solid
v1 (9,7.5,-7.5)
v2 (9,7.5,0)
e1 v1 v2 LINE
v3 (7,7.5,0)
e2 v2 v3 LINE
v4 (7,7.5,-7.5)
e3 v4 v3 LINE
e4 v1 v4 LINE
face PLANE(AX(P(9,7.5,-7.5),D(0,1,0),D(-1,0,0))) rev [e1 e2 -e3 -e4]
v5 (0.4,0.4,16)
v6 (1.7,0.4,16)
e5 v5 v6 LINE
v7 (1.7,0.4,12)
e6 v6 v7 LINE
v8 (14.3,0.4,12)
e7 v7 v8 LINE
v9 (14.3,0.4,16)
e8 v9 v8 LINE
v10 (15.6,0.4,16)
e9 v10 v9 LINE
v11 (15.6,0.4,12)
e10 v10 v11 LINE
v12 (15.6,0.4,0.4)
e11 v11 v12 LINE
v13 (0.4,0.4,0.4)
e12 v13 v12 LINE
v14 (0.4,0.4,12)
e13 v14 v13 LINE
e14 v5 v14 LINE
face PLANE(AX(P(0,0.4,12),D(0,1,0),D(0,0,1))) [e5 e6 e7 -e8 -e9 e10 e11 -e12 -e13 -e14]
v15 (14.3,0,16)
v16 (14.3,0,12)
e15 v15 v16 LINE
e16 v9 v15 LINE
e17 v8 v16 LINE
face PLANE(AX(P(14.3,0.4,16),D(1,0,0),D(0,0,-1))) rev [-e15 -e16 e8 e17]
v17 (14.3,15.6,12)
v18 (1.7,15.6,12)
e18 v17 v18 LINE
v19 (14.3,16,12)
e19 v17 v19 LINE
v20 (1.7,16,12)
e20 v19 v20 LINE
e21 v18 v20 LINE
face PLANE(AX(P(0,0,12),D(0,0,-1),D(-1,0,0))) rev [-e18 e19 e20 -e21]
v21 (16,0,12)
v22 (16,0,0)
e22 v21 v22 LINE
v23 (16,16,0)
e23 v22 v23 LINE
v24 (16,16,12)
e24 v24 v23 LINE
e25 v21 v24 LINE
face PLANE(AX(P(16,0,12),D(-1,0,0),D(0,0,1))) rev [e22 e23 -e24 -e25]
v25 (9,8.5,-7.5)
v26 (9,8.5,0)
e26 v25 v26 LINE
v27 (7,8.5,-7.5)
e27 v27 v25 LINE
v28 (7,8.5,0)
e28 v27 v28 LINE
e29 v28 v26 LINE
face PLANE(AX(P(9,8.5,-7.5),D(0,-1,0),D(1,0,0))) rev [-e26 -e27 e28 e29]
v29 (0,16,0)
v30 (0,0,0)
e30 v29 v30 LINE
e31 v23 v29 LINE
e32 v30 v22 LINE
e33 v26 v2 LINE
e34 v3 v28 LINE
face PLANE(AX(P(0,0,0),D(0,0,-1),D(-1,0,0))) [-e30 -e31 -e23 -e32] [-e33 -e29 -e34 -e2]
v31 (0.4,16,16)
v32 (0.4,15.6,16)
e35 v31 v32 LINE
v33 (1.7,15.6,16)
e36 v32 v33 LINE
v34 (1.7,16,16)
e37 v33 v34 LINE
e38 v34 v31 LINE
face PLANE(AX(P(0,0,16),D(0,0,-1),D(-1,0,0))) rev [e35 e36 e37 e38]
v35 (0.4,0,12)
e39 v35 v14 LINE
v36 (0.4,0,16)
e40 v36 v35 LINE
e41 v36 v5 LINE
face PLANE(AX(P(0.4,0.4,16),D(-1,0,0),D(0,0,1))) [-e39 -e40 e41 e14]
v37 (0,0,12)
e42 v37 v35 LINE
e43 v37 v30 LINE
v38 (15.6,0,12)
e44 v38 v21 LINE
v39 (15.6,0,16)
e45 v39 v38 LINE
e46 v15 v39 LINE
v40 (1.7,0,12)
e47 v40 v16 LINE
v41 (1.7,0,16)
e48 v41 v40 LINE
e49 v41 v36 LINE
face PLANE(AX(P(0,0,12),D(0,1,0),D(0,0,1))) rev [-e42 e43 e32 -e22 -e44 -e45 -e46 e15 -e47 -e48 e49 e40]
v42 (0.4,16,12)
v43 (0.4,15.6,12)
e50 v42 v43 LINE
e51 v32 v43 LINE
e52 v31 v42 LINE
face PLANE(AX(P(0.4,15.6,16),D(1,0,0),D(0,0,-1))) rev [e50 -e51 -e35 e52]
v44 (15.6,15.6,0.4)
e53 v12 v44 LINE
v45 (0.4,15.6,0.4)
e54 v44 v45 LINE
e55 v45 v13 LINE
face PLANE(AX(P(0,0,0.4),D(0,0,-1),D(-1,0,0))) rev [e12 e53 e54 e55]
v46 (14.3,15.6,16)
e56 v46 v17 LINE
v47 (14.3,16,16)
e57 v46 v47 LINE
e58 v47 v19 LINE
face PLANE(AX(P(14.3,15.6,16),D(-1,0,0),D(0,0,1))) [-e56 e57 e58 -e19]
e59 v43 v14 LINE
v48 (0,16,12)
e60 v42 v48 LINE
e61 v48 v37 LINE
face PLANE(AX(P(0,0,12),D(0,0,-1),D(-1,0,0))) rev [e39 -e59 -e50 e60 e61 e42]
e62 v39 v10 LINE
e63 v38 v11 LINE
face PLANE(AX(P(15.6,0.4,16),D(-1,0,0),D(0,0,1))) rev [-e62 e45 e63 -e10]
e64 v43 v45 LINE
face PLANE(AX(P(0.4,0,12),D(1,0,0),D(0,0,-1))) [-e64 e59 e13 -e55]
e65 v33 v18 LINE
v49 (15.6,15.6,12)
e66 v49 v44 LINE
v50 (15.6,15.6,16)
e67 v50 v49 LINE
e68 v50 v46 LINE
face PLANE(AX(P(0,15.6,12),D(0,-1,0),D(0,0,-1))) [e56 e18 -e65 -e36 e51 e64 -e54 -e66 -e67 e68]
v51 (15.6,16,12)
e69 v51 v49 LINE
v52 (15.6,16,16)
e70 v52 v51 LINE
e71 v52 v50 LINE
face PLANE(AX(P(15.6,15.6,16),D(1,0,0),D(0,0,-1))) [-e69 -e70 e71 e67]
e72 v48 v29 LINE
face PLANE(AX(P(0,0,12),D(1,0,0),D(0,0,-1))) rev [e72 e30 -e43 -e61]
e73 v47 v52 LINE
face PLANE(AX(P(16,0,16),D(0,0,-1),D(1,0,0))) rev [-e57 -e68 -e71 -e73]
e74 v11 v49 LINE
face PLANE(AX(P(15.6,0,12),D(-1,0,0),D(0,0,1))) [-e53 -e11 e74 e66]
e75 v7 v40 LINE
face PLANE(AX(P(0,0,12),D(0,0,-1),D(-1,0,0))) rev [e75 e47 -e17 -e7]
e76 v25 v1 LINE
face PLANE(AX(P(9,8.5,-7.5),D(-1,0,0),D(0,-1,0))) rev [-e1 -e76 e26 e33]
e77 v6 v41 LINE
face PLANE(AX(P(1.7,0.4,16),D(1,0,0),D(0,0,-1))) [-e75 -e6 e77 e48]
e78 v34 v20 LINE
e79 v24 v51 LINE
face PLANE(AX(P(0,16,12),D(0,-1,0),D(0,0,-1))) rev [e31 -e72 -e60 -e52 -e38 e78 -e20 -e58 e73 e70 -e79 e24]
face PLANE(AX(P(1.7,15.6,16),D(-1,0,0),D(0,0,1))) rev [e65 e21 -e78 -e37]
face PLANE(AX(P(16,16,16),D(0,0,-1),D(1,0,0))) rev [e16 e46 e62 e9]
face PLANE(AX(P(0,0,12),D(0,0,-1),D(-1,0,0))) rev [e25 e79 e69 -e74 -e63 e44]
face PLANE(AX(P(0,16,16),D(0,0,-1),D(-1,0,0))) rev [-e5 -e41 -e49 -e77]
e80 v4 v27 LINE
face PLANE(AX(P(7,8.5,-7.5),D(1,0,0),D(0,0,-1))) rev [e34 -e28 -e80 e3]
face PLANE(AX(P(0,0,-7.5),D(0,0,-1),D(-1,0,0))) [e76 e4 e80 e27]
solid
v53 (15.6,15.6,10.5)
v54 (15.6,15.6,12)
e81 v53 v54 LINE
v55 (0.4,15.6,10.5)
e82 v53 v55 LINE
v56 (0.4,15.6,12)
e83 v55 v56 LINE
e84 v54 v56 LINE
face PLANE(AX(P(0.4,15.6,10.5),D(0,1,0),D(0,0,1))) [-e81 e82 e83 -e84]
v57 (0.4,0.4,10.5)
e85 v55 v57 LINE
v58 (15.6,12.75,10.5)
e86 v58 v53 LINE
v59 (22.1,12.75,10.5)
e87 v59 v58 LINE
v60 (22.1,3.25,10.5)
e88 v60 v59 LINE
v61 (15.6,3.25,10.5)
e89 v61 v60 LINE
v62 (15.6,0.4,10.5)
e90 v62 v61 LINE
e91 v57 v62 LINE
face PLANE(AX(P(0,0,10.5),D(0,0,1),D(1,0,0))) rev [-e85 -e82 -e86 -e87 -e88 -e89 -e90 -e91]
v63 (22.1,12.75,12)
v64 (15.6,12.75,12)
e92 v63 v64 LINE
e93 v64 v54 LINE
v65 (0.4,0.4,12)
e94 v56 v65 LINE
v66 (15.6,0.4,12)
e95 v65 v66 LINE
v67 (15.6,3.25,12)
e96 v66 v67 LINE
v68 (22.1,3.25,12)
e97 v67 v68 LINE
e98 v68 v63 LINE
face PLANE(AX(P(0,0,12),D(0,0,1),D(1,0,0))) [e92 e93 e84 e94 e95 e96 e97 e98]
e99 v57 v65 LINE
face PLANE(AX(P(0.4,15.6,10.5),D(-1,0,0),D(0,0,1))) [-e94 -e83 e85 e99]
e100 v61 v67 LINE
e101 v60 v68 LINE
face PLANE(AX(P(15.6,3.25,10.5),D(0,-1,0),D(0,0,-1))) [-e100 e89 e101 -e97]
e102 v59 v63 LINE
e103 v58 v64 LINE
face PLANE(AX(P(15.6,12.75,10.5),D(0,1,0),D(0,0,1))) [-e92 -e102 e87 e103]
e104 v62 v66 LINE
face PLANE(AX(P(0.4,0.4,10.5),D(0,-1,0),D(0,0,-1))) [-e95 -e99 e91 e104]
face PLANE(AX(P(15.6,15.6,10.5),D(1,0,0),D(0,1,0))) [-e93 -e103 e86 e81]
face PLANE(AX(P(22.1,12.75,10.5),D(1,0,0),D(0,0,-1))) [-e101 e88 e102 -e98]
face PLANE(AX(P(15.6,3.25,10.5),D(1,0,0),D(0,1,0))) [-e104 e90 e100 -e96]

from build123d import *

# Parameters (mm, degrees)
SKETCH_1_W               = 16
SKETCH_1_H               = 16
EXTRUDE_1_DEPTH          = 12
SHELL_1_T                = -0.4
SKETCH_2_W               = 1.3
SKETCH_2_H               = 0.4
EXTRUDE_2_DEPTH          = 4
MIRROR_2_COPY_1_SKETCH_W = 1.3
MIRROR_2_COPY_1_SKETCH_H = 0.4
MIRROR_2_COPY_1_DEPTH    = 4
MIRROR_2_COPY_2_SKETCH_W = 1.3
MIRROR_2_COPY_2_SKETCH_H = 0.4
MIRROR_2_COPY_2_DEPTH    = 4
EXTRUDE_3_DEPTH          = 1.5
SKETCH_4_W               = 2
SKETCH_4_H               = 1
EXTRUDE_4_DEPTH          = 7.5


with BuildPart() as part:
    # 스케치1 → 보스-돌출1 (new body)
    with BuildSketch(Plane.XY):
        with Locations((8, 8)):
            Rectangle(SKETCH_1_W, SKETCH_1_H)
    extrude(amount=EXTRUDE_1_DEPTH)

    # 쉘1
    shell_1_openings = [part.faces().sort_by_distance(p)[0] for p in [
        (8, 8, 12),
    ]]
    offset(amount=SHELL_1_T, openings=shell_1_openings, kind=Kind.INTERSECTION)

    # 스케치2 → 보스-돌출2 (add)
    with BuildSketch(Plane.XY.offset(12)):
        with Locations((1.05, 15.8)):
            Rectangle(SKETCH_2_W, SKETCH_2_H)
    extrude_2 = extrude(amount=EXTRUDE_2_DEPTH)

    # 대칭 복사1: 보스-돌출2 across plane
    add(extrude_2.mirror(Plane(origin=(8, 0, 0), x_dir=(0, 0, 1), z_dir=(1, 0, 0))))

    # 대칭 복사2 copy 1 sketch → 대칭 복사2 copy 1 (add)
    with BuildSketch(Plane(origin=(16, 16, 12), x_dir=(-1, 0, 0), z_dir=(0, 0, 1))):
        with Locations((1.05, 15.8)):
            Rectangle(MIRROR_2_COPY_1_SKETCH_W, MIRROR_2_COPY_1_SKETCH_H)
    extrude(amount=MIRROR_2_COPY_1_DEPTH)

    # 대칭 복사2 copy 2 sketch → 대칭 복사2 copy 2 (add)
    with BuildSketch(Plane(origin=(0, 16, 12), x_dir=(1, 0, 0), z_dir=(0, 0, 1))):
        with Locations((1.05, -15.8)):
            Rectangle(MIRROR_2_COPY_2_SKETCH_W, MIRROR_2_COPY_2_SKETCH_H)
    extrude(amount=MIRROR_2_COPY_2_DEPTH)

    # 스케치4 → 보스-돌출4 (add)
    with BuildSketch(Plane(origin=(0, 0, 0), x_dir=(-1, 0, 0), z_dir=(0, 0, -1))):
        with Locations((-8, 8)):
            Rectangle(SKETCH_4_W, SKETCH_4_H)
    extrude(amount=EXTRUDE_4_DEPTH)


with BuildPart() as body_2:
    # 스케치3 → 보스-돌출3 (new body)
    with BuildSketch(Plane.XY.offset(12)):
        Polygon((0.4, 15.6), (15.6, 15.6), (15.6, 12.75), (22.1, 12.75), (22.1, 3.25), (15.6, 3.25), (15.6, 0.4), (0.4, 0.4), align=None)
    extrude(amount=-EXTRUDE_3_DEPTH)


solid = Compound([part.part, body_2.part])
